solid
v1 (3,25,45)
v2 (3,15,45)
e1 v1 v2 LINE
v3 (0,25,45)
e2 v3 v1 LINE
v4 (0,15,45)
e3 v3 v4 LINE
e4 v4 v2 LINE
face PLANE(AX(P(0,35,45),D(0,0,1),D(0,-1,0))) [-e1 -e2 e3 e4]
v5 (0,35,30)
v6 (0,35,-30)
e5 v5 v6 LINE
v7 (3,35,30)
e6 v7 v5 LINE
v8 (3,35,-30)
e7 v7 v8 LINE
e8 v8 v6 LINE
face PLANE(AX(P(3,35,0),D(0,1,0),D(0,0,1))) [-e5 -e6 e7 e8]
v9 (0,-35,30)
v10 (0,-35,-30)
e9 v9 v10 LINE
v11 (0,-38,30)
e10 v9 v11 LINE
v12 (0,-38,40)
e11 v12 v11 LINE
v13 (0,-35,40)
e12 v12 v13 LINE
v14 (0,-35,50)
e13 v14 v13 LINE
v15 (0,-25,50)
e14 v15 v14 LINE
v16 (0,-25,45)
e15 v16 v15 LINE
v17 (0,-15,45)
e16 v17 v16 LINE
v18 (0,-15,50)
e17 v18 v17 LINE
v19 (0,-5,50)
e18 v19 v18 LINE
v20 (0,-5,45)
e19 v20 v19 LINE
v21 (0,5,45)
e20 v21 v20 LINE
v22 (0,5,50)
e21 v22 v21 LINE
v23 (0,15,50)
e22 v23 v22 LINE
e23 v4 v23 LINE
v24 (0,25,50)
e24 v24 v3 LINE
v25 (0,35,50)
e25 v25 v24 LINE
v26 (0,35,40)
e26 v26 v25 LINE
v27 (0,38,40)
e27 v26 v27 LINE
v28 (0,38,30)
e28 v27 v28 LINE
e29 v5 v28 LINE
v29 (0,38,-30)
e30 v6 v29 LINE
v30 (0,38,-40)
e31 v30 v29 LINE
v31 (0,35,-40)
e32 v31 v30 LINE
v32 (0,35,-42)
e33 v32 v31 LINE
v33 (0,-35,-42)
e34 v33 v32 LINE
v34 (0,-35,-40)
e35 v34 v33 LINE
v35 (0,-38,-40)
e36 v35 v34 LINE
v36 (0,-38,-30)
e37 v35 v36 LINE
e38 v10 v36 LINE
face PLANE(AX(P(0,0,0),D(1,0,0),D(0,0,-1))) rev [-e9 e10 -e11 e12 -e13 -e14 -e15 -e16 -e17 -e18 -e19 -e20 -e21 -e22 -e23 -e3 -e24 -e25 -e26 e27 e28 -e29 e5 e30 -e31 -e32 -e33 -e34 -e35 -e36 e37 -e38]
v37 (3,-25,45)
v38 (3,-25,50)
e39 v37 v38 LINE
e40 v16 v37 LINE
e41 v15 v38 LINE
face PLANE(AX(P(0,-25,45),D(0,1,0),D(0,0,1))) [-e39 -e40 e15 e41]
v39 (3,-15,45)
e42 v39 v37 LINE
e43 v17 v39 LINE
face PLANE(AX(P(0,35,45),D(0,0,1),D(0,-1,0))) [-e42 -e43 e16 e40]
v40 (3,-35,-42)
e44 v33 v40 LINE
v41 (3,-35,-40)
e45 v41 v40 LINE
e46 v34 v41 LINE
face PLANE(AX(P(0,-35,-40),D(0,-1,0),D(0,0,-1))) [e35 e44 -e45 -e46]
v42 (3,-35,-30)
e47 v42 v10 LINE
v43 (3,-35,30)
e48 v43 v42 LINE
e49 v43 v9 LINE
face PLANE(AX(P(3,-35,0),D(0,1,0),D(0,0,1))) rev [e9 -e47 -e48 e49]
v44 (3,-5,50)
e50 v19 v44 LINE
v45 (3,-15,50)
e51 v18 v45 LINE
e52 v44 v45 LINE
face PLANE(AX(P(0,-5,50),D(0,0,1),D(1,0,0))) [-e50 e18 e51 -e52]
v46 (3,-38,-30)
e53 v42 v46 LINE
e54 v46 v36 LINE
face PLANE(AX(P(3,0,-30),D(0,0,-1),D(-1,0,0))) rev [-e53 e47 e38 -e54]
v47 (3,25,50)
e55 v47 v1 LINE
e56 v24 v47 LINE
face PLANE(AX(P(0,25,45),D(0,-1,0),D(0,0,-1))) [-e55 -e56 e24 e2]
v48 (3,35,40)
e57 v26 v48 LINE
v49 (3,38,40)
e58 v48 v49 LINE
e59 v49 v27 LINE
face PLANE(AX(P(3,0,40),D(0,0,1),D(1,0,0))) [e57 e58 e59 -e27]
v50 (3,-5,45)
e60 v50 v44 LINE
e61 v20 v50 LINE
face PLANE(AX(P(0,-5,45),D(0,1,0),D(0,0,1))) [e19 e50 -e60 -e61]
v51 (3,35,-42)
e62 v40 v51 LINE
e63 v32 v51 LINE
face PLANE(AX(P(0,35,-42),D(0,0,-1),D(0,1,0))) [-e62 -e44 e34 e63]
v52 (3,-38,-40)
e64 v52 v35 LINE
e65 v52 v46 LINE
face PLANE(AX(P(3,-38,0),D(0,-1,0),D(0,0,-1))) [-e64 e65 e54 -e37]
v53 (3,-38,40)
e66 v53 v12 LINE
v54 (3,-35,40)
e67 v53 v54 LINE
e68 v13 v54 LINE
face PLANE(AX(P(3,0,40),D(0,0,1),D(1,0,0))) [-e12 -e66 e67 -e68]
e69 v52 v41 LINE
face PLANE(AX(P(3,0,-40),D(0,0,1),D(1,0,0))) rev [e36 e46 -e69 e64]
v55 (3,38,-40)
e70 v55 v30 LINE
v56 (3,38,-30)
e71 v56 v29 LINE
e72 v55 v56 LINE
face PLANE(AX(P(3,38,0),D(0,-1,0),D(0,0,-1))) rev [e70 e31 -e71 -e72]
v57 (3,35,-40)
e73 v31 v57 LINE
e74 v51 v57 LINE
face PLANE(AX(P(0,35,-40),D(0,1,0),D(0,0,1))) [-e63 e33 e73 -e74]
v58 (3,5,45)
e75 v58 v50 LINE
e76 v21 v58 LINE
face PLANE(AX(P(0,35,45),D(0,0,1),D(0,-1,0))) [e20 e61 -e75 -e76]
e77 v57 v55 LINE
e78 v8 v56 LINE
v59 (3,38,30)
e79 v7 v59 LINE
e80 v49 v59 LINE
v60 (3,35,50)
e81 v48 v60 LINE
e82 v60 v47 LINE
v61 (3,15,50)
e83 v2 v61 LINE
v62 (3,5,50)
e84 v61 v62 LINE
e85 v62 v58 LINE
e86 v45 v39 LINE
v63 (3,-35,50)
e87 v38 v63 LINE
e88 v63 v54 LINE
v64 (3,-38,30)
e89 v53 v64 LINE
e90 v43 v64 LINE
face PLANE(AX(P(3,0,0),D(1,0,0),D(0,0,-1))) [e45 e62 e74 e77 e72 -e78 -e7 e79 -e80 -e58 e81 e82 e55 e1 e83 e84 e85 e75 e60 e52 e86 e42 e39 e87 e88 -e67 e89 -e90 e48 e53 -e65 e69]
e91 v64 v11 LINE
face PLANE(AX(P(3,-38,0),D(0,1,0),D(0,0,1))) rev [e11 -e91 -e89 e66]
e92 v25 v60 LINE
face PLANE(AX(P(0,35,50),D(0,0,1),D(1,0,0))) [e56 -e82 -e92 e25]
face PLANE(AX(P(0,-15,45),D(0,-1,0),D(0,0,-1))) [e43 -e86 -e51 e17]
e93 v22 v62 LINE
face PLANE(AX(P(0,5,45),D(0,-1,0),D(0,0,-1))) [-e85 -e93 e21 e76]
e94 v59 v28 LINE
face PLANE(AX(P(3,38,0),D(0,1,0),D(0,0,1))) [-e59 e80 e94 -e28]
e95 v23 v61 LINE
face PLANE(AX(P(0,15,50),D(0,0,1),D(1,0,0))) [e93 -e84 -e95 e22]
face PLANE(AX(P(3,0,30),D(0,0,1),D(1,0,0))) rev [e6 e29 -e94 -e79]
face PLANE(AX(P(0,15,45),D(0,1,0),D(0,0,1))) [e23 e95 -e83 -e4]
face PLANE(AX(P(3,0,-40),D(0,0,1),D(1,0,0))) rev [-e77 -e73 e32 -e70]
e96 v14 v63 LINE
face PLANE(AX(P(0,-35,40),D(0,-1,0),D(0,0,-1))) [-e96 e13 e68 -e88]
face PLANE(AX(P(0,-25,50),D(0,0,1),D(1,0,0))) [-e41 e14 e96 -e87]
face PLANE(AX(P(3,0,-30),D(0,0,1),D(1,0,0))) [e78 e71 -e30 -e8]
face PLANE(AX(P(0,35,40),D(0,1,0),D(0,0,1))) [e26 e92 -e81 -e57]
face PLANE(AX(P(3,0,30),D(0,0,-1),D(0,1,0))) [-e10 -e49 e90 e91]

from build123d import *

# Parameters (mm, degrees)
ESBO_O1_W                = 10
ESBO_O1_H                = 3
ESBO_O1_W_2              = 80
ESBO_O1_H_2              = 70
RESSALTO_EXTRUS_O1_DEPTH = 3
ESBO_O2_W                = 2
ESBO_O2_H                = 70
RESSALTO_EXTRUS_O2_DEPTH = 3
ESBO_O3_W                = 5
ESBO_O3_H                = 70
RESSALTO_EXTRUS_O3_DEPTH = 3
ESBO_O4_W                = 5
ESBO_O4_H                = 10
RESSALTO_EXTRUS_O4_DEPTH = 3


with BuildPart() as part:
    # Esboço1 → Ressalto-extrusão1 (new body)
    with BuildSketch(Plane(origin=(0, 0, 0), x_dir=(0, 0, -1), z_dir=(1, 0, 0))):
        with Locations((-35, 36.5)):
            Rectangle(ESBO_O1_W, ESBO_O1_H)
        with Locations((35, 36.5)):
            Rectangle(ESBO_O1_W, ESBO_O1_H)
        with Locations((35, -36.5)):
            Rectangle(ESBO_O1_W, ESBO_O1_H)
        with Locations((-35, -36.5)):
            Rectangle(ESBO_O1_W, ESBO_O1_H)
        Rectangle(ESBO_O1_W_2, ESBO_O1_H_2)
    extrude(amount=RESSALTO_EXTRUS_O1_DEPTH)

    # Esboço2 → Ressalto-extrusão2 (add)
    with BuildSketch(Plane(origin=(3, 0, 0), x_dir=(0, 0, -1), z_dir=(1, 0, 0))):
        with Locations((41, 0)):
            Rectangle(ESBO_O2_W, ESBO_O2_H)
    extrude(amount=-RESSALTO_EXTRUS_O2_DEPTH)

    # Esboço3 → Ressalto-extrusão3 (add)
    with BuildSketch(Plane(origin=(3, 0, 0), x_dir=(0, 0, -1), z_dir=(1, 0, 0))):
        with Locations((-42.5, 0)):
            Rectangle(ESBO_O3_W, ESBO_O3_H)
    extrude(amount=-RESSALTO_EXTRUS_O3_DEPTH)

    # Esboço4 → Ressalto-extrusão4 (add)
    with BuildSketch(Plane(origin=(3, 0, 0), x_dir=(0, 0, -1), z_dir=(1, 0, 0))):
        with Locations((-47.5, 30)):
            Rectangle(ESBO_O4_W, ESBO_O4_H)
        with Locations((-47.5, 10)):
            Rectangle(ESBO_O4_W, ESBO_O4_H)
        with Locations((-47.5, -10)):
            Rectangle(ESBO_O4_W, ESBO_O4_H)
        with Locations((-47.5, -30)):
            Rectangle(ESBO_O4_W, ESBO_O4_H)
    extrude(amount=-RESSALTO_EXTRUS_O4_DEPTH)


solid = part.part
